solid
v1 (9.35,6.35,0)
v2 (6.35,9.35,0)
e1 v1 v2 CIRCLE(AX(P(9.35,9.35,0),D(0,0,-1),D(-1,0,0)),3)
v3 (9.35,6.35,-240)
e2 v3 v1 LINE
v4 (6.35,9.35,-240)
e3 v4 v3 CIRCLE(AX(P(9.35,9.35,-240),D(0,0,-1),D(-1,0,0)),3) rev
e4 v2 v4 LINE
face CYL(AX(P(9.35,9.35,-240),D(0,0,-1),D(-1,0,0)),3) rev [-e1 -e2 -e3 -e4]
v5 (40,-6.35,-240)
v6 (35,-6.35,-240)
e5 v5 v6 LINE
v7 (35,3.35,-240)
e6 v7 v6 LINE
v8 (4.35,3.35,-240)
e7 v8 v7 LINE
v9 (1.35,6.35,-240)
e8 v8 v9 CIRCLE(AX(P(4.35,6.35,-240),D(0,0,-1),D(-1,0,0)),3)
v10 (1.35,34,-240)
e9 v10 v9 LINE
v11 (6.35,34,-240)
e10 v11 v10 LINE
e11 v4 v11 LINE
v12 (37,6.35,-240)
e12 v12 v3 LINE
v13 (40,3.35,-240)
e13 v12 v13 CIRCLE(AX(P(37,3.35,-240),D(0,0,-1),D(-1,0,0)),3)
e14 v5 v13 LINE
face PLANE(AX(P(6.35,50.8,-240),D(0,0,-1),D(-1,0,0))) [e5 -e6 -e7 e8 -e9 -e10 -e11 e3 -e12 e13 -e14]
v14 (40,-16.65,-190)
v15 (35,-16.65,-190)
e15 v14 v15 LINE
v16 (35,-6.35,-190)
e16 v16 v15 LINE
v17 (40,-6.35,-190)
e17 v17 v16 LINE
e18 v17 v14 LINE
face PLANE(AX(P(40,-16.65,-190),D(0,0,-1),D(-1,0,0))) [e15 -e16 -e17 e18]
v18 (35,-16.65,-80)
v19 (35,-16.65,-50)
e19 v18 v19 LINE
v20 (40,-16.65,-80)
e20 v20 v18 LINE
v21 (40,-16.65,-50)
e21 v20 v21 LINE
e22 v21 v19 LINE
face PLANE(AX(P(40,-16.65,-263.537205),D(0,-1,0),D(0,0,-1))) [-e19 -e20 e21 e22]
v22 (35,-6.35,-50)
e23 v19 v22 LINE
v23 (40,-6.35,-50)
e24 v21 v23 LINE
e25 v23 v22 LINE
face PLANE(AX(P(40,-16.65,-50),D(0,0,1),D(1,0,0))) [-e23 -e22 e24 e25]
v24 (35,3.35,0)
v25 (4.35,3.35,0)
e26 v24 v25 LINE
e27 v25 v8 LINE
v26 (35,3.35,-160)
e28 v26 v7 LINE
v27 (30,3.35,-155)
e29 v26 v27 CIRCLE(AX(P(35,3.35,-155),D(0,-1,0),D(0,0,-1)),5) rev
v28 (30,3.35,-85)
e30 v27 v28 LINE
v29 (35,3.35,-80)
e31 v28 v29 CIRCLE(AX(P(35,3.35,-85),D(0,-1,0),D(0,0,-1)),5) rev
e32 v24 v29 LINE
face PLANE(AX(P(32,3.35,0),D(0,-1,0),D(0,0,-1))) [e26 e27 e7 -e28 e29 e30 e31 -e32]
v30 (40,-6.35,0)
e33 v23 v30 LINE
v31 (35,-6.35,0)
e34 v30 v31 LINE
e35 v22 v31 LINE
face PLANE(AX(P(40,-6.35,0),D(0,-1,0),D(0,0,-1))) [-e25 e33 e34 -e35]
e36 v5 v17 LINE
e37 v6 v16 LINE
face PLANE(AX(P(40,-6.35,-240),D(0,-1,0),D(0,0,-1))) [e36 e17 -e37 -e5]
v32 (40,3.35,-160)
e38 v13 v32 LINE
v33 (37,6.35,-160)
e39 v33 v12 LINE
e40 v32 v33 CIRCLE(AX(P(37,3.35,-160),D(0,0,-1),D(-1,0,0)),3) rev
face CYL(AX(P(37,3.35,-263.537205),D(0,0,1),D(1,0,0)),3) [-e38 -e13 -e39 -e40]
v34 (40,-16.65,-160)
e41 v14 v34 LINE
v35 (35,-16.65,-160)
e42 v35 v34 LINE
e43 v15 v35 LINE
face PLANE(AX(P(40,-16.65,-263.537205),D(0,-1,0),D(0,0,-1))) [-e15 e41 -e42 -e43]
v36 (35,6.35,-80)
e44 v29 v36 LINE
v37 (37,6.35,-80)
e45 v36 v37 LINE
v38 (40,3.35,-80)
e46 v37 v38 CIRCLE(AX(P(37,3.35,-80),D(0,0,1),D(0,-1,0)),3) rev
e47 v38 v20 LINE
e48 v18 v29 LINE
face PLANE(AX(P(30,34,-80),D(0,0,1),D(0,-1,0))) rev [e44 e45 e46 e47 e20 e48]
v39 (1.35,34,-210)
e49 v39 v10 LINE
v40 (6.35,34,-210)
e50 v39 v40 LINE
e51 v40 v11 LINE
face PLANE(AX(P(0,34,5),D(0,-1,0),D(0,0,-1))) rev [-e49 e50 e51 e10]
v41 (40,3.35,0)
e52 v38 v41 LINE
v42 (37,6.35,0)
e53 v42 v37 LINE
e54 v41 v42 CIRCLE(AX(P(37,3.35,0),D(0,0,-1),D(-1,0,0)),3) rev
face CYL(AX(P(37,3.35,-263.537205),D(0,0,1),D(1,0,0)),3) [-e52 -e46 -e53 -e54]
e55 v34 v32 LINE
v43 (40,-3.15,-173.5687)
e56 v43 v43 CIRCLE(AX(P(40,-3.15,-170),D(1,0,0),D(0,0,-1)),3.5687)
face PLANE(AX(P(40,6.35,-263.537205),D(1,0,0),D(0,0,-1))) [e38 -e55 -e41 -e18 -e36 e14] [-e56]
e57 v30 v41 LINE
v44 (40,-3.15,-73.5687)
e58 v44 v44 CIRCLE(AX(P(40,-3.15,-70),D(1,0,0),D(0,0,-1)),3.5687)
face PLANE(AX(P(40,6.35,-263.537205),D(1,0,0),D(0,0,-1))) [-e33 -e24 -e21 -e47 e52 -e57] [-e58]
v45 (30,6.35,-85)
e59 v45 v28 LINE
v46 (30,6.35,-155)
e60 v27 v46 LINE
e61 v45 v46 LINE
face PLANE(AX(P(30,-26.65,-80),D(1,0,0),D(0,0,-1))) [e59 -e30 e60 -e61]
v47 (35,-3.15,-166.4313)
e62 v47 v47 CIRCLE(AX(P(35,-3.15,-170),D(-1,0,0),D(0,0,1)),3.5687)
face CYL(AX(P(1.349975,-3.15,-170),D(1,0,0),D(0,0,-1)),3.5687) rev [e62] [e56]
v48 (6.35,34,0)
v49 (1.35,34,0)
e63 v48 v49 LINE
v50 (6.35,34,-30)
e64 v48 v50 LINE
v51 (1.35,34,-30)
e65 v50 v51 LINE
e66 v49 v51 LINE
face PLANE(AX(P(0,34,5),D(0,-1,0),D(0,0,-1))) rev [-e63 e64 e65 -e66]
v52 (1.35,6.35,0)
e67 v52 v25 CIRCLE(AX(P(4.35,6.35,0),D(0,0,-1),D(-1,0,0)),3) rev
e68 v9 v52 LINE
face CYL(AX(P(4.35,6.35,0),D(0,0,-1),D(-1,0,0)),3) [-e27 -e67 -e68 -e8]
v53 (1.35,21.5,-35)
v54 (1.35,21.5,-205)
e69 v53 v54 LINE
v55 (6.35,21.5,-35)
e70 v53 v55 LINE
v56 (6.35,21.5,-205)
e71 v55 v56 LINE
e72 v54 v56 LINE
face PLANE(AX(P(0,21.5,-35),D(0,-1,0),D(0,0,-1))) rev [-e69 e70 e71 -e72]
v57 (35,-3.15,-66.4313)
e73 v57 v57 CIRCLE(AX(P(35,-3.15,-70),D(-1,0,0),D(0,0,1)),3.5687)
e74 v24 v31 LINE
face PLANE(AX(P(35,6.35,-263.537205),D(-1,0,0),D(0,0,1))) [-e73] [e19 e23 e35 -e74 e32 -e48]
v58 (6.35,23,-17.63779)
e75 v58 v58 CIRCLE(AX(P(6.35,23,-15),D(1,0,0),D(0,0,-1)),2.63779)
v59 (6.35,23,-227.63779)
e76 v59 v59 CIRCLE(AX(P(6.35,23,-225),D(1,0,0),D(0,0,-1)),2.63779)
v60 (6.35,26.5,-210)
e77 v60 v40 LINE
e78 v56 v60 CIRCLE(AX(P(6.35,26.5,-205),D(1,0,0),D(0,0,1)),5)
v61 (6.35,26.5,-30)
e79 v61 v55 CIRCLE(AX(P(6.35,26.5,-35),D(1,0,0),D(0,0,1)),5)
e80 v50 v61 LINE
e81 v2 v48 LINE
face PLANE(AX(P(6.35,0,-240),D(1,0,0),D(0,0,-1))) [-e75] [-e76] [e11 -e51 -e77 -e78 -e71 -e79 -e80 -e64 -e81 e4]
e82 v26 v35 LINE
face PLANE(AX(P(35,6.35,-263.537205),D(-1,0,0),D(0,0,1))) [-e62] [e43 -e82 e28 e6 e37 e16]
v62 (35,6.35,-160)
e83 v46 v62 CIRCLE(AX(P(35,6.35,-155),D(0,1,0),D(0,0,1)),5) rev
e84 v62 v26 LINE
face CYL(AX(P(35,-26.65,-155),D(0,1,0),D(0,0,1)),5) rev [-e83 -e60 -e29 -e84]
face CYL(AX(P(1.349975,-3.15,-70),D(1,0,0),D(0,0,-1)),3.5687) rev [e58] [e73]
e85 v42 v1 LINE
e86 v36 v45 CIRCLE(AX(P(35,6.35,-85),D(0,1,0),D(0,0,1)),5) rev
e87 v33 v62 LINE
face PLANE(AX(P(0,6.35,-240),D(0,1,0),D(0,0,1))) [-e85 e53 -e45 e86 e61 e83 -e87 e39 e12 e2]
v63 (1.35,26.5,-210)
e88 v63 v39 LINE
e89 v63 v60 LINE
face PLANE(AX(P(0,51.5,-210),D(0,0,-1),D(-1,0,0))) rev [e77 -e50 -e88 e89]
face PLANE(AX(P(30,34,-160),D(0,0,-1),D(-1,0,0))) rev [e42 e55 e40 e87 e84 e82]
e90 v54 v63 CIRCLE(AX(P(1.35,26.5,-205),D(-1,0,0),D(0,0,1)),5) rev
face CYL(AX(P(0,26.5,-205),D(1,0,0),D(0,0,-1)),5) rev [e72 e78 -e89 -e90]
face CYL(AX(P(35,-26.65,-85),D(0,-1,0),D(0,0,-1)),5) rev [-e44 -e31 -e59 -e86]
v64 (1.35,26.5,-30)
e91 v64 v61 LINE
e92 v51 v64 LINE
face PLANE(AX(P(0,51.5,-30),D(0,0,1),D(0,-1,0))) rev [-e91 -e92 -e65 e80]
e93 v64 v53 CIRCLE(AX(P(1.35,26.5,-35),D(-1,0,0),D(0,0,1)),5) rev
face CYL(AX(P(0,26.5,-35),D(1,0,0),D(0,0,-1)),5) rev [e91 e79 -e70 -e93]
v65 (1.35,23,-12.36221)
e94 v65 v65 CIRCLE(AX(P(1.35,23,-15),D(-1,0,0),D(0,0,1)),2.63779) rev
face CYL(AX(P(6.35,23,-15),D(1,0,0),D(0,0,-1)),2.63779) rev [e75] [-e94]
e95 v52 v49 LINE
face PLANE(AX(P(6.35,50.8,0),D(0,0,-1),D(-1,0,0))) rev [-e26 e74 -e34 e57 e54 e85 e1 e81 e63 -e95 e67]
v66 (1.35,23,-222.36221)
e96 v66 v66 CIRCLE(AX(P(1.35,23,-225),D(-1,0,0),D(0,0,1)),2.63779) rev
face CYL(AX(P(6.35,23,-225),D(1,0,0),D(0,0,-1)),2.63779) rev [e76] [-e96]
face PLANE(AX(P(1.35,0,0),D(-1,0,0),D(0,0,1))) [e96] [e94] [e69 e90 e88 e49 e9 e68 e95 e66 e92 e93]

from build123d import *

# Parameters (mm, degrees)
EXTRUDE_THIN1_DEPTH                       = 240
FILLET1_R                                 = 3
SKETCH3_W                                 = 35
SKETCH3_H                                 = 300
EXTRUDE2_DEPTH                            = 7.35
SKETCH7_W                                 = 300
SKETCH7_H                                 = 40
EXTRUDE4_DEPTH                            = 7.35
EXTRUDE5_DEPTH                            = 7.35
TAPPED_HOLE_FOR_8_32_HELICOIL_D           = 4.3942
TAPPED_HOLE_FOR_8_32_HELICOIL_CBORE_D     = 5.27558
TAPPED_HOLE_FOR_8_32_HELICOIL_CBORE_DEPTH = 5.08
SKETCH20_W                                = 240
SKETCH20_H                                = 34
EXTRUDE12_DEPTH                           = 1.35
SKETCH21_W                                = 30.65
SKETCH21_H                                = 240
EXTRUDE13_DEPTH                           = 3.35
SKETCH22_W                                = 240
SKETCH22_H                                = 3
EXTRUDE14_DEPTH                           = 3
SKETCH23_W                                = 5
SKETCH23_H                                = 23
EXTRUDE15_DEPTH                           = 240
SKETCH24_R                                = 3.5687
EXTRUDE16_DEPTH                           = 39.65
SKETCH25_W                                = 80
SKETCH25_H                                = 60.65
EXTRUDE17_DEPTH                           = 10
FILLET4_R                                 = 5
SKETCH31_W                                = 50
SKETCH31_H                                = 10.3
EXTRUDE23_DEPTH                           = 41
FILLET5_R                                 = 3


with BuildPart() as part:
    # Sketch1 → Extrude-Thin1 (new body)
    with BuildSketch(Plane.XY):
        Polygon((0, 50.8), (0, 0), (50.8, 0), (50.8, 6.35), (6.35, 6.35), (6.35, 50.8), align=None)
    extrude(amount=-EXTRUDE_THIN1_DEPTH)

    # Fillet1
    fillet1_edges = [part.edges().sort_by_distance(p)[0] for p in [
        (6.35, 6.35, -120),
        (50.8, 6.35, -120),
        (6.35, 50.8, -120),
    ]]
    fillet(fillet1_edges, radius=FILLET1_R)

    # Sketch3 → Extrude2 (cut, through all)
    with BuildSketch(Plane(origin=(0, 6.35, 0), x_dir=(1, 0, 0), z_dir=(0, 1, 0))):
        with Locations((49.5, 95)):
            Rectangle(SKETCH3_W, SKETCH3_H)
    extrude(amount=-EXTRUDE2_DEPTH, mode=Mode.SUBTRACT)

    # Sketch7 → Extrude4 (cut, through all)
    with BuildSketch(Plane(origin=(6.35, 0, 0), x_dir=(0, 0, -1), z_dir=(1, 0, 0))):
        with Locations((145, 54)):
            Rectangle(SKETCH7_W, SKETCH7_H)
    extrude(amount=-EXTRUDE4_DEPTH, mode=Mode.SUBTRACT)

    # Sketch10 → Extrude5 (cut, through all)
    with BuildSketch(Plane(origin=(6.35, 0, 0), x_dir=(0, 0, -1), z_dir=(1, 0, 0))):
        with BuildLine():
            Line((30, 51.5), (210, 51.5))
            Line((210, 51.5), (210, 26.5))
            ThreePointArc((210, 26.5), (208.535533906, 22.964466094), (205, 21.5))
            Line((205, 21.5), (35, 21.5))
            ThreePointArc((35, 21.5), (31.464466094, 22.964466094), (30, 26.5))
            Line((30, 26.5), (30, 51.5))
        make_face()
    extrude(amount=-EXTRUDE5_DEPTH, mode=Mode.SUBTRACT)

    # Tapped Hole for #8-32 Helicoil (through all)
    with Locations(Plane(origin=(6.35, 23, -15), x_dir=(0, 0, 1), z_dir=(1, 0, 0))):
        with Locations((0, 0), (-210, 0)):
            CounterBoreHole(TAPPED_HOLE_FOR_8_32_HELICOIL_D / 2, TAPPED_HOLE_FOR_8_32_HELICOIL_CBORE_D / 2, TAPPED_HOLE_FOR_8_32_HELICOIL_CBORE_DEPTH)

    # Sketch20 → Extrude12 (cut)
    with BuildSketch(Plane.ZY):
        with Locations((-120, 17)):
            Rectangle(SKETCH20_W, SKETCH20_H)
    extrude(amount=-EXTRUDE12_DEPTH, mode=Mode.SUBTRACT)

    # Sketch21 → Extrude13 (cut)
    with BuildSketch(Plane.XZ):
        with Locations((16.675, -120)):
            Rectangle(SKETCH21_W, SKETCH21_H)
    extrude(amount=-EXTRUDE13_DEPTH, mode=Mode.SUBTRACT)

    # Sketch22 → Extrude14 (add)
    with BuildSketch(Plane(origin=(32, 0, 0), x_dir=(0, 0, -1), z_dir=(1, 0, 0))):
        with Locations((120, 4.85)):
            Rectangle(SKETCH22_W, SKETCH22_H)
    extrude(amount=EXTRUDE14_DEPTH)

    # Sketch23 → Extrude15 (add)
    with BuildSketch(Plane.XY):
        with Locations((37.5, -5.15)):
            Rectangle(SKETCH23_W, SKETCH23_H)
    extrude(amount=-EXTRUDE15_DEPTH)

    # Sketch24 → Extrude16 (cut, through all)
    with BuildSketch(Plane(origin=(40, 0, 0), x_dir=(0, 0, -1), z_dir=(1, 0, 0))):
        with Locations((170, -3.15)):
            Circle(SKETCH24_R)
        with Locations((70, -3.15)):
            Circle(SKETCH24_R)
    extrude(amount=-EXTRUDE16_DEPTH, mode=Mode.SUBTRACT)

    # Sketch25 → Extrude17 (cut)
    with BuildSketch(Plane(origin=(40, 0, 0), x_dir=(0, 0, -1), z_dir=(1, 0, 0))):
        with Locations((120, 3.675)):
            Rectangle(SKETCH25_W, SKETCH25_H)
    extrude(amount=-EXTRUDE17_DEPTH, mode=Mode.SUBTRACT)

    # Fillet4
    fillet4_edges = [part.edges().sort_by_distance(p)[0] for p in [
        (30, 4.85, -160),
        (30, 4.85, -80),
    ]]
    fillet(fillet4_edges, radius=FILLET4_R)

    # Sketch31 → Extrude23 (cut, through all)
    with BuildSketch(Plane(origin=(0, 0, 0), x_dir=(0, 0, -1), z_dir=(1, 0, 0))):
        with Locations((25, -11.5)):
            Rectangle(SKETCH31_W, SKETCH31_H)
        with Locations((215, -11.5)):
            Rectangle(SKETCH31_W, SKETCH31_H)
    extrude(amount=EXTRUDE23_DEPTH, mode=Mode.SUBTRACT)

    # Fillet5
    fillet5_edges = [part.edges().sort_by_distance(p)[0] for p in [
        (40, 6.35, -200),
        (40, 6.35, -40),
        (1.35, 3.35, -120),
    ]]
    fillet(fillet5_edges, radius=FILLET5_R)


solid = part.part
